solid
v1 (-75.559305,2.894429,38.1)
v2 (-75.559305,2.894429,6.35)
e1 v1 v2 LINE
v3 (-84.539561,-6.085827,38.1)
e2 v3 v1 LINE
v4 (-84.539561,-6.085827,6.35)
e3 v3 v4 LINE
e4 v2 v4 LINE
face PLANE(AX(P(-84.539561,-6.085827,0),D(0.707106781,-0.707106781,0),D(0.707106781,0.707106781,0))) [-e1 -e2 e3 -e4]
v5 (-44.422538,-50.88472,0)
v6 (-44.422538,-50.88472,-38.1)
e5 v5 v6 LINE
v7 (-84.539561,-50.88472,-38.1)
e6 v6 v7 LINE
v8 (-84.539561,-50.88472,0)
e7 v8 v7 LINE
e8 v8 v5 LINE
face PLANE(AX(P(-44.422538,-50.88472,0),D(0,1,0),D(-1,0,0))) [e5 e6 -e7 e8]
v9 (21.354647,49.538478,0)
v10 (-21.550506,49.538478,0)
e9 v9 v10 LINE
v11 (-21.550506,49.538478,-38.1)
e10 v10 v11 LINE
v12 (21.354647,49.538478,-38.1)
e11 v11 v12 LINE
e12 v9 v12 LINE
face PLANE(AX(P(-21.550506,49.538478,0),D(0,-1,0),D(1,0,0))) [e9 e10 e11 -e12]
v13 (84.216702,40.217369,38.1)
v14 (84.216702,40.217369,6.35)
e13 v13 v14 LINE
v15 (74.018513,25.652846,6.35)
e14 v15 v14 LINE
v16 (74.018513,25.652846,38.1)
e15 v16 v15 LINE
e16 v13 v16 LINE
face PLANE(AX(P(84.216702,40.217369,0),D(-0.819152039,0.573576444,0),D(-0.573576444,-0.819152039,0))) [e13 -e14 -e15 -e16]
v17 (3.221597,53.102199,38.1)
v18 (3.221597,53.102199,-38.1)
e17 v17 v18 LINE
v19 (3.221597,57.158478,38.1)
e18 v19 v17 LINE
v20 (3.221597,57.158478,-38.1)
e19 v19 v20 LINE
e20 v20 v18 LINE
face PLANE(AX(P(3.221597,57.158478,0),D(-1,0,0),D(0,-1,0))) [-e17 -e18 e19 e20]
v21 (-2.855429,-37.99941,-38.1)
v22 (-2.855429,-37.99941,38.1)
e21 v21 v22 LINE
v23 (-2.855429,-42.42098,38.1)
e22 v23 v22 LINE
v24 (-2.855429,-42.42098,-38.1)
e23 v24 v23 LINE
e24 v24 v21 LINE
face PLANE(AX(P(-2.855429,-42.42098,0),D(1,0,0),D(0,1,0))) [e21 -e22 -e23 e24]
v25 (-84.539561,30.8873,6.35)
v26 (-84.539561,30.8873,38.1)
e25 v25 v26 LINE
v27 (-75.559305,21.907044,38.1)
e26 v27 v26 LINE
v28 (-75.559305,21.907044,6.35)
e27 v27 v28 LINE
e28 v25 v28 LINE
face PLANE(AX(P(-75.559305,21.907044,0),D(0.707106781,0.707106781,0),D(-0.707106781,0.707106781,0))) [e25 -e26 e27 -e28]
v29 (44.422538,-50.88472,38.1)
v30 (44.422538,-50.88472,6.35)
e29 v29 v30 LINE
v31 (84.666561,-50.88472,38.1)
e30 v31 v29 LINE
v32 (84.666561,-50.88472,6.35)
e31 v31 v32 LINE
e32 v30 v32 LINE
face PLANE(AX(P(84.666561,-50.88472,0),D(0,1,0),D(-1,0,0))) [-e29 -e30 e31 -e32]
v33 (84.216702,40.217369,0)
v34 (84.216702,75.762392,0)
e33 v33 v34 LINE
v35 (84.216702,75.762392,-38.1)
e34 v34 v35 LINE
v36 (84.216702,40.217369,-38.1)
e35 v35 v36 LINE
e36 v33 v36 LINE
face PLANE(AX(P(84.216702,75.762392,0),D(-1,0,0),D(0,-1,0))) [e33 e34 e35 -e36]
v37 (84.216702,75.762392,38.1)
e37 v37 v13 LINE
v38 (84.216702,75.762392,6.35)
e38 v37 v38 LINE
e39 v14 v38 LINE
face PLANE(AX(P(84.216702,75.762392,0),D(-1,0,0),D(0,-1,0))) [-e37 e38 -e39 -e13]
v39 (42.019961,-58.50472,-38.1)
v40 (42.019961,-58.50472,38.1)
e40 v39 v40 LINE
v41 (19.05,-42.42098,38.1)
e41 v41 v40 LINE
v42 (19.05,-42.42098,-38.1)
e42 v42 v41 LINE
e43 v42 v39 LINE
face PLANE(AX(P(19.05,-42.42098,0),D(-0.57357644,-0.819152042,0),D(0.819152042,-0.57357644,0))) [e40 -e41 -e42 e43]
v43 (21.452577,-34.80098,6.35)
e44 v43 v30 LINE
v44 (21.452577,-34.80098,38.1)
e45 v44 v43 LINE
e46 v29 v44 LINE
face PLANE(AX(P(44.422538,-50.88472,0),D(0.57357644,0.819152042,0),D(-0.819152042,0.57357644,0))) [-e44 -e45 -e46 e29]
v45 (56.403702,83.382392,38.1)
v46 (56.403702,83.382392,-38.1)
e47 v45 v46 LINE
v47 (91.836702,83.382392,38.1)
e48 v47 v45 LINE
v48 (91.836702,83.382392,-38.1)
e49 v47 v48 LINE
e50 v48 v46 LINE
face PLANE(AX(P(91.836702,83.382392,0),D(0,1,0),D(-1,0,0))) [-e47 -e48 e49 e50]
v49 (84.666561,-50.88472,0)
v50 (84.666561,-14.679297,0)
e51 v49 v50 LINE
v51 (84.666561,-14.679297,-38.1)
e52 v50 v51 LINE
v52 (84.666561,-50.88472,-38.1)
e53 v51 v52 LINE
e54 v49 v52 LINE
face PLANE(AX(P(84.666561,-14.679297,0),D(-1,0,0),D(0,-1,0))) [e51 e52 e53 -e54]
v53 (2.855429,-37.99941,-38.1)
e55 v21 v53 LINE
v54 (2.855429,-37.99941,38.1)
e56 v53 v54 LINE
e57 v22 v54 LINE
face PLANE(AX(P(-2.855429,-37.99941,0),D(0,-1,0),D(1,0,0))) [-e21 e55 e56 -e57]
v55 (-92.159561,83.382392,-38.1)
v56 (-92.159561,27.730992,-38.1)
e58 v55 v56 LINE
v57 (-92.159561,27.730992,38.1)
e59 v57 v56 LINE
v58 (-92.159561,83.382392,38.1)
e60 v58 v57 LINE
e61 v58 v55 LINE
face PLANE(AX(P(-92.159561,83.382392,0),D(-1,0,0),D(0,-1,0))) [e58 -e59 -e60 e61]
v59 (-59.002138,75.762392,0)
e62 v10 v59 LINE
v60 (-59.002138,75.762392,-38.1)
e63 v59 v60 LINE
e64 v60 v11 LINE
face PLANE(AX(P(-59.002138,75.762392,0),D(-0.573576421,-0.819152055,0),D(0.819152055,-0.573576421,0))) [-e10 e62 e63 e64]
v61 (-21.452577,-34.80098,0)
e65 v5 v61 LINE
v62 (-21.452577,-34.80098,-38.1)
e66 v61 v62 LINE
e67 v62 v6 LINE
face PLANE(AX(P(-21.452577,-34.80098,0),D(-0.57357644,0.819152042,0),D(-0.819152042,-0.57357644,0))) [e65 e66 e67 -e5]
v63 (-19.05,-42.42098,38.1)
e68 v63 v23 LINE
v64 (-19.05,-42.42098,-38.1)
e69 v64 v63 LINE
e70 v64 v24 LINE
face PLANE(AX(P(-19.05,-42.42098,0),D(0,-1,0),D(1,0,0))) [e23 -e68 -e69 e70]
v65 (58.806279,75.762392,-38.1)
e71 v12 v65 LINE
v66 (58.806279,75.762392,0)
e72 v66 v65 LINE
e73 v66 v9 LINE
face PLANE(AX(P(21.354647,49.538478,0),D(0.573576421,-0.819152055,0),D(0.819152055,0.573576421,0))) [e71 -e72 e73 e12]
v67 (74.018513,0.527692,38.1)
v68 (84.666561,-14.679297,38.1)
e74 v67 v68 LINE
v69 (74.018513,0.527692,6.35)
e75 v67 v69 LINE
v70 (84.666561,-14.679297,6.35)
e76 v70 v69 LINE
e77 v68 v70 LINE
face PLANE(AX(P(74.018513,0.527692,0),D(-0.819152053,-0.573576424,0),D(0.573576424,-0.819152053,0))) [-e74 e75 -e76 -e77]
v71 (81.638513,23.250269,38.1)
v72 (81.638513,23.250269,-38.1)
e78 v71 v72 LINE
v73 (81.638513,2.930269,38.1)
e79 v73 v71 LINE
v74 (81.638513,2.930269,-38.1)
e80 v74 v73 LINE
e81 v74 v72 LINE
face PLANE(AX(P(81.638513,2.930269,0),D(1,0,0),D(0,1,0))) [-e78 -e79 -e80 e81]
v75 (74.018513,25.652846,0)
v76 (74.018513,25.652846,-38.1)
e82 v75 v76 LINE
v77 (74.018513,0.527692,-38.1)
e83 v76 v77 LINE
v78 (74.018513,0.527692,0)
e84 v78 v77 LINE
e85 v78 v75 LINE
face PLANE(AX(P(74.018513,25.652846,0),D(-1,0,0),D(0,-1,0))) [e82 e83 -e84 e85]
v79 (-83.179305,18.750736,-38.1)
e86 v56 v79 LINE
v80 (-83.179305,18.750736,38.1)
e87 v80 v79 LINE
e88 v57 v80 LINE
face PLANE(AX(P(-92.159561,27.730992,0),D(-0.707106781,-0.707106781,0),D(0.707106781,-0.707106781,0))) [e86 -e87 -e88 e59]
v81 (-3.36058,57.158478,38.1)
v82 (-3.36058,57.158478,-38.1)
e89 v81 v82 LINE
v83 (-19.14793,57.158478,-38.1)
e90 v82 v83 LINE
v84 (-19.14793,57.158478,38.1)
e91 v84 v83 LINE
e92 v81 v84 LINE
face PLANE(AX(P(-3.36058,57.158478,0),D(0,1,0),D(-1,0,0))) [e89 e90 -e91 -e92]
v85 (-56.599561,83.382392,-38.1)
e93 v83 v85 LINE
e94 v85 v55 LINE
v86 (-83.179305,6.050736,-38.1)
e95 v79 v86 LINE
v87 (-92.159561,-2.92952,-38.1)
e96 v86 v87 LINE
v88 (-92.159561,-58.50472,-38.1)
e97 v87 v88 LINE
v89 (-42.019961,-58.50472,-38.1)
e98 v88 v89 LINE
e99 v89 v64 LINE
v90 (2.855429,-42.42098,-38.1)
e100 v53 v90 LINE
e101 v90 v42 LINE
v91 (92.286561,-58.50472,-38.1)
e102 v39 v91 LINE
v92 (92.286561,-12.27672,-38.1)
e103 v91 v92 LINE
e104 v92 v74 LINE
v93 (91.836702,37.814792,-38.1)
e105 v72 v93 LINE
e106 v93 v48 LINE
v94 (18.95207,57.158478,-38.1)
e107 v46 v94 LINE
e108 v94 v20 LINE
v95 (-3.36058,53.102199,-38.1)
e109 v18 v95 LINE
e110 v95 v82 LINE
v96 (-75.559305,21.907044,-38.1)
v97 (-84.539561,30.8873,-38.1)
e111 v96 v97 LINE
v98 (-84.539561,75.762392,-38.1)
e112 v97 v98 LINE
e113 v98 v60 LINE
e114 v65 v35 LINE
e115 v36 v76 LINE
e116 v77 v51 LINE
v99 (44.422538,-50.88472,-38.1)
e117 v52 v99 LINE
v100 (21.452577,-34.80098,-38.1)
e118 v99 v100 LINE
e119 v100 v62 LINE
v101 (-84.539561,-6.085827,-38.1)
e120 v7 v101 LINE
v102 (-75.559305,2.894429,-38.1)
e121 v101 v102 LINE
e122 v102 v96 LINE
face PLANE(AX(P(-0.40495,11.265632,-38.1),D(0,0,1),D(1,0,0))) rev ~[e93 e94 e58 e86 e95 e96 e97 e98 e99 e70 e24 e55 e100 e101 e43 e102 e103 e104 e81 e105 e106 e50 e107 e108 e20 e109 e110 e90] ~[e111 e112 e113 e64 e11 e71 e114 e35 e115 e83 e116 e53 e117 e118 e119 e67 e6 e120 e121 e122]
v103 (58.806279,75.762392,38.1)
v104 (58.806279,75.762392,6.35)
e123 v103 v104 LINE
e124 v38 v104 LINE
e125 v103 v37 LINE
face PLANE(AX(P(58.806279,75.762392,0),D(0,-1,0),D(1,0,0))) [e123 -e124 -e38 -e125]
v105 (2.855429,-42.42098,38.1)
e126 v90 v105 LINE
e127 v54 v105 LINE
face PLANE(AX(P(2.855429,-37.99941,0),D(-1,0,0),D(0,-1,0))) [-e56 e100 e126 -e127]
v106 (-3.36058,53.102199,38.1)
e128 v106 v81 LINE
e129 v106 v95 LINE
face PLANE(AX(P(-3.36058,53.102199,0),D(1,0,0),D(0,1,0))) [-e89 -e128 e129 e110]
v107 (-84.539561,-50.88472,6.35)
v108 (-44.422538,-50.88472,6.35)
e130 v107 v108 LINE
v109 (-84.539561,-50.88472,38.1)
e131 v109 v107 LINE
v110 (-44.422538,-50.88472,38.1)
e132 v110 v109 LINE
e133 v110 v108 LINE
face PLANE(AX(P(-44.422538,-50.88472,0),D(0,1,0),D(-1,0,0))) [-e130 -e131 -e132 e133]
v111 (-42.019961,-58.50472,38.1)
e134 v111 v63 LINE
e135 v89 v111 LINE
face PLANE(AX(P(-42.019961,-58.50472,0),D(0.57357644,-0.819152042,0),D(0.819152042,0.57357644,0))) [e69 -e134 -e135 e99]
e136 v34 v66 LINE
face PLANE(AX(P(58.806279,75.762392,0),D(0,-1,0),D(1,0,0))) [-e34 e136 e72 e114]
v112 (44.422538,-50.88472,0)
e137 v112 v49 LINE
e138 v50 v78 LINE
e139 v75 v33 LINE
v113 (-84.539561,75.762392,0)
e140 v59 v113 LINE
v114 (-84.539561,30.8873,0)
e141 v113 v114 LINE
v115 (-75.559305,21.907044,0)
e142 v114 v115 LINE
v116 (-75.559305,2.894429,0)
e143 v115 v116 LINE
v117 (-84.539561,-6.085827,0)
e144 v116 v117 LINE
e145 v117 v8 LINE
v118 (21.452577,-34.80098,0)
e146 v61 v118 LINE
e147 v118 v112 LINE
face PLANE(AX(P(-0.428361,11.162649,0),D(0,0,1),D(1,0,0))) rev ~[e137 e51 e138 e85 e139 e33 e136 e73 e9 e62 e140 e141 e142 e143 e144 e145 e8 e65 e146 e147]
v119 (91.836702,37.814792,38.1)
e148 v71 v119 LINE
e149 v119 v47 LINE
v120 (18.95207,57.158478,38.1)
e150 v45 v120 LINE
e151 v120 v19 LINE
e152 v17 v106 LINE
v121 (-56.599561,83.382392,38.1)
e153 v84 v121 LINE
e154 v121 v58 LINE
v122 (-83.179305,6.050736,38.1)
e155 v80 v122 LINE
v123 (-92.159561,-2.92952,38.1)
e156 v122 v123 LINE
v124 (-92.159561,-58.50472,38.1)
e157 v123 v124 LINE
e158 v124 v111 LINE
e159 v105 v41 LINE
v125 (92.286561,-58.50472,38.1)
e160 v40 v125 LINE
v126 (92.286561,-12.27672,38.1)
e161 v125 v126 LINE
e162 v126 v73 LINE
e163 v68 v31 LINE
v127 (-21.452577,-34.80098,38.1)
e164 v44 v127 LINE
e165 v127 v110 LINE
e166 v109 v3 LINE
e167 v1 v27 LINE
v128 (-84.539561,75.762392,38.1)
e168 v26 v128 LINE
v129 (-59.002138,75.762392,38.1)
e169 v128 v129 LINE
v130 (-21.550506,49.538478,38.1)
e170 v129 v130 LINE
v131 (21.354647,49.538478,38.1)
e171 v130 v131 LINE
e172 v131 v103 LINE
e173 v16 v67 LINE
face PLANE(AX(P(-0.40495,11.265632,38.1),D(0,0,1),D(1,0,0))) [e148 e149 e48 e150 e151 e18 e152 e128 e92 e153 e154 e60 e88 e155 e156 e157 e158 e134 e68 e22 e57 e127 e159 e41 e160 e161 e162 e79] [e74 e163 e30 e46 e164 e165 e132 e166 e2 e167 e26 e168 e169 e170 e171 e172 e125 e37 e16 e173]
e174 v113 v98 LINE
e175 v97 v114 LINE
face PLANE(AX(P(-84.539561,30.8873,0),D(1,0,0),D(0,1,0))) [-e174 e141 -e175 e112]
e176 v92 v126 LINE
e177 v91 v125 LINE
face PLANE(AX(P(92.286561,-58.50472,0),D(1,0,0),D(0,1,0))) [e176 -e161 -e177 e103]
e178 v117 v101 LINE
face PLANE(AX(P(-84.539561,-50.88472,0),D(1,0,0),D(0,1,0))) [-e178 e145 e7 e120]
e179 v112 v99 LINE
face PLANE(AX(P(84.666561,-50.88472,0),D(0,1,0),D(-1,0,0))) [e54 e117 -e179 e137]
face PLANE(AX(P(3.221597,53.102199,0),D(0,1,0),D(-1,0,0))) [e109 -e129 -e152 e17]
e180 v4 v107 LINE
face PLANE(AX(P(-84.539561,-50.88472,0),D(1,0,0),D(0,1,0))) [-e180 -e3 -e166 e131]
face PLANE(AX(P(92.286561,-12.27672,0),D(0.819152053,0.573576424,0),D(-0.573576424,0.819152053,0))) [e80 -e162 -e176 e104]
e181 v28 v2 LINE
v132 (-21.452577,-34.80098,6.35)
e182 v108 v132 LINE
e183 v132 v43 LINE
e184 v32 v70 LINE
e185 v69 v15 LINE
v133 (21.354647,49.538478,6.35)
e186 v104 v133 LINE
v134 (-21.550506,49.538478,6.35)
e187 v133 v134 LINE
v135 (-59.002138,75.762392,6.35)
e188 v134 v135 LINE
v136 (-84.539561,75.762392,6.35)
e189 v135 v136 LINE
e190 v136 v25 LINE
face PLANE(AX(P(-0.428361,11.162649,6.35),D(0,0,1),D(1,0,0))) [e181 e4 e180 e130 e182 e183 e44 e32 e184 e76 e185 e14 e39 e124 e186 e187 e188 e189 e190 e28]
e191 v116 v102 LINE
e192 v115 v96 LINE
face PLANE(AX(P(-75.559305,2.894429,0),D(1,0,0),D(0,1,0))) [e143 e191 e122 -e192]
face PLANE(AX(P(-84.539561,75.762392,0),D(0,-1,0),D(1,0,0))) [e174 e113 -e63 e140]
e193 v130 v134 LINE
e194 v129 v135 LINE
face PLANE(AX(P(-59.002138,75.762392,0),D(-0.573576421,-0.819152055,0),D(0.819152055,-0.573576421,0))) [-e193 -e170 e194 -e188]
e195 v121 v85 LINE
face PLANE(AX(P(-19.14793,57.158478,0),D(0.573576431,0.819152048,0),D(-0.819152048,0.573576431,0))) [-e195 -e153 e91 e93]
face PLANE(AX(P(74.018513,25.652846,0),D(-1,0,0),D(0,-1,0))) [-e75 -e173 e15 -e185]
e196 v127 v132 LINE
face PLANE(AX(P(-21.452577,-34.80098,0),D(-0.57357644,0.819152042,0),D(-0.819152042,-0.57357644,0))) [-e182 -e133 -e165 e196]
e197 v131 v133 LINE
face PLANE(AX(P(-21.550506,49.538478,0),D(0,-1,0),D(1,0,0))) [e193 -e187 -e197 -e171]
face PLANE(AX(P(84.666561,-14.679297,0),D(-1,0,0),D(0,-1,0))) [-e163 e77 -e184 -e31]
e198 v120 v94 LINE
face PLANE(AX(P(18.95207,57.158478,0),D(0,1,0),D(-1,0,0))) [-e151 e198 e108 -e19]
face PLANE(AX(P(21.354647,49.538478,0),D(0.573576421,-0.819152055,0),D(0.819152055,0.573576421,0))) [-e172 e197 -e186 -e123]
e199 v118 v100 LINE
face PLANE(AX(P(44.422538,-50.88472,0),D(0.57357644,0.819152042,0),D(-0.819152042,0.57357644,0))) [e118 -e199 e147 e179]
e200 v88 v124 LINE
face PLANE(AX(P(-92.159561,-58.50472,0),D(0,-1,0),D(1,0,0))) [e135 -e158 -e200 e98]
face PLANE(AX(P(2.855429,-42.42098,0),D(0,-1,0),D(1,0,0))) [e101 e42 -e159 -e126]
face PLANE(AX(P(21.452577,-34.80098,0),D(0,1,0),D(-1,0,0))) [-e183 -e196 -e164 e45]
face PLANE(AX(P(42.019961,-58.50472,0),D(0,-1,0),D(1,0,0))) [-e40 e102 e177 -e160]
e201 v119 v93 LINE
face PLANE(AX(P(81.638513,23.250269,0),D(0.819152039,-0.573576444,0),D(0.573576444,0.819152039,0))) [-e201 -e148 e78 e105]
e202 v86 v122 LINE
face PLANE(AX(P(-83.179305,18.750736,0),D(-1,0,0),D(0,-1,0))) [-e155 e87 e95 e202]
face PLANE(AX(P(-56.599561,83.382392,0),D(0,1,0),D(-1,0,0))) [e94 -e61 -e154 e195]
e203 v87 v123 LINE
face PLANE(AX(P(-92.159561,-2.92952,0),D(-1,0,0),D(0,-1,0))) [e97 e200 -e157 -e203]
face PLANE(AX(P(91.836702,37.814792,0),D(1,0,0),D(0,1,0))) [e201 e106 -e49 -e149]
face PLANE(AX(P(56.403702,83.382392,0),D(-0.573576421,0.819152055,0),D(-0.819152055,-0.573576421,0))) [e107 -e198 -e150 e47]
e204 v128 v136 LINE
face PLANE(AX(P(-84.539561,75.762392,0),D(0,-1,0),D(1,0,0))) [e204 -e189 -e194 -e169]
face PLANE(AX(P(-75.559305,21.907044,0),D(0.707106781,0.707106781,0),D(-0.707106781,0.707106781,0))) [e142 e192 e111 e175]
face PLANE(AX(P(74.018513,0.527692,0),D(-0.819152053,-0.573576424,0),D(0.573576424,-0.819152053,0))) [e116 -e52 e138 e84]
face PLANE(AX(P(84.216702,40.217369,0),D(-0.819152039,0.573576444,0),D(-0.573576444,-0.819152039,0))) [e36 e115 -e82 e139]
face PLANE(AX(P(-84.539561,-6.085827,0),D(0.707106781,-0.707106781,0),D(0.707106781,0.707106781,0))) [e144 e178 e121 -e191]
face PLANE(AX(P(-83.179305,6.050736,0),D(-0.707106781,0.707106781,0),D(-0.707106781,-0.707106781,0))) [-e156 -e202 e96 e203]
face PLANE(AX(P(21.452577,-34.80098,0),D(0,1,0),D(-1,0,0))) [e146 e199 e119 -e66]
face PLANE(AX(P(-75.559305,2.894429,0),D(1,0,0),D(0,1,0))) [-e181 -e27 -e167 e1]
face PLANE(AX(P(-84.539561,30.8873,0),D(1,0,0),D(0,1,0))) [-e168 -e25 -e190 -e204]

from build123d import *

# Parameters (mm, degrees)
F1_DEPTH = 38.1
F2_DEPTH = 6.35


with BuildPart() as f1:
    # F0 (on Top) → F1 (new body, symmetric)
    with BuildSketch(Plane.XY):
        Polygon((-83.179305, 18.750736), (-83.179305, 6.050736), (-92.159561, -2.92952), (-92.159561, -58.50472), (-42.019961, -58.50472), (-19.05, -42.42098), (-2.855429, -42.42098), (-2.855429, -37.99941), (2.855429, -37.99941), (2.855429, -42.42098), (19.05, -42.42098), (42.019961, -58.50472), (92.286561, -58.50472), (92.286561, -12.27672), (81.638513, 2.930269), (81.638513, 23.250269), (91.836702, 37.814792), (91.836702, 83.382392), (56.403702, 83.382392), (18.95207, 57.158478), (3.221597, 57.158478), (3.221597, 53.102199), (-3.36058, 53.102199), (-3.36058, 57.158478), (-19.14793, 57.158478), (-56.599561, 83.382392), (-92.159561, 83.382392), (-92.159561, 27.730992), align=None)
        Polygon((-84.539561, 30.8873), (-84.539561, 75.762392), (-59.002138, 75.762392), (-21.550506, 49.538478), (21.354647, 49.538478), (58.806279, 75.762392), (84.216702, 75.762392), (84.216702, 40.217369), (74.018513, 25.652846), (74.018513, 0.527692), (84.666561, -14.679297), (84.666561, -50.88472), (44.422538, -50.88472), (21.452577, -34.80098), (-21.452577, -34.80098), (-44.422538, -50.88472), (-84.539561, -50.88472), (-84.539561, -6.085827), (-75.559305, 2.894429), (-75.559305, 21.907044), align=None, mode=Mode.SUBTRACT)
    extrude(amount=F1_DEPTH, both=True)

    # F0 (on Top) → F2 (join)
    with BuildSketch(Plane.XY):
        Polygon((-59.002138, 75.762392), (-84.539561, 75.762392), (-84.539561, 30.8873), (-75.559305, 21.907044), (-75.559305, 2.894429), (-84.539561, -6.085827), (-84.539561, -50.88472), (-44.422538, -50.88472), (-21.452577, -34.80098), (21.452577, -34.80098), (44.422538, -50.88472), (84.666561, -50.88472), (84.666561, -14.679297), (74.018513, 0.527692), (74.018513, 25.652846), (84.216702, 40.217369), (84.216702, 75.762392), (58.806279, 75.762392), (21.354647, 49.538478), (-21.550506, 49.538478), align=None)
    extrude(amount=F2_DEPTH)


solid = f1.part
